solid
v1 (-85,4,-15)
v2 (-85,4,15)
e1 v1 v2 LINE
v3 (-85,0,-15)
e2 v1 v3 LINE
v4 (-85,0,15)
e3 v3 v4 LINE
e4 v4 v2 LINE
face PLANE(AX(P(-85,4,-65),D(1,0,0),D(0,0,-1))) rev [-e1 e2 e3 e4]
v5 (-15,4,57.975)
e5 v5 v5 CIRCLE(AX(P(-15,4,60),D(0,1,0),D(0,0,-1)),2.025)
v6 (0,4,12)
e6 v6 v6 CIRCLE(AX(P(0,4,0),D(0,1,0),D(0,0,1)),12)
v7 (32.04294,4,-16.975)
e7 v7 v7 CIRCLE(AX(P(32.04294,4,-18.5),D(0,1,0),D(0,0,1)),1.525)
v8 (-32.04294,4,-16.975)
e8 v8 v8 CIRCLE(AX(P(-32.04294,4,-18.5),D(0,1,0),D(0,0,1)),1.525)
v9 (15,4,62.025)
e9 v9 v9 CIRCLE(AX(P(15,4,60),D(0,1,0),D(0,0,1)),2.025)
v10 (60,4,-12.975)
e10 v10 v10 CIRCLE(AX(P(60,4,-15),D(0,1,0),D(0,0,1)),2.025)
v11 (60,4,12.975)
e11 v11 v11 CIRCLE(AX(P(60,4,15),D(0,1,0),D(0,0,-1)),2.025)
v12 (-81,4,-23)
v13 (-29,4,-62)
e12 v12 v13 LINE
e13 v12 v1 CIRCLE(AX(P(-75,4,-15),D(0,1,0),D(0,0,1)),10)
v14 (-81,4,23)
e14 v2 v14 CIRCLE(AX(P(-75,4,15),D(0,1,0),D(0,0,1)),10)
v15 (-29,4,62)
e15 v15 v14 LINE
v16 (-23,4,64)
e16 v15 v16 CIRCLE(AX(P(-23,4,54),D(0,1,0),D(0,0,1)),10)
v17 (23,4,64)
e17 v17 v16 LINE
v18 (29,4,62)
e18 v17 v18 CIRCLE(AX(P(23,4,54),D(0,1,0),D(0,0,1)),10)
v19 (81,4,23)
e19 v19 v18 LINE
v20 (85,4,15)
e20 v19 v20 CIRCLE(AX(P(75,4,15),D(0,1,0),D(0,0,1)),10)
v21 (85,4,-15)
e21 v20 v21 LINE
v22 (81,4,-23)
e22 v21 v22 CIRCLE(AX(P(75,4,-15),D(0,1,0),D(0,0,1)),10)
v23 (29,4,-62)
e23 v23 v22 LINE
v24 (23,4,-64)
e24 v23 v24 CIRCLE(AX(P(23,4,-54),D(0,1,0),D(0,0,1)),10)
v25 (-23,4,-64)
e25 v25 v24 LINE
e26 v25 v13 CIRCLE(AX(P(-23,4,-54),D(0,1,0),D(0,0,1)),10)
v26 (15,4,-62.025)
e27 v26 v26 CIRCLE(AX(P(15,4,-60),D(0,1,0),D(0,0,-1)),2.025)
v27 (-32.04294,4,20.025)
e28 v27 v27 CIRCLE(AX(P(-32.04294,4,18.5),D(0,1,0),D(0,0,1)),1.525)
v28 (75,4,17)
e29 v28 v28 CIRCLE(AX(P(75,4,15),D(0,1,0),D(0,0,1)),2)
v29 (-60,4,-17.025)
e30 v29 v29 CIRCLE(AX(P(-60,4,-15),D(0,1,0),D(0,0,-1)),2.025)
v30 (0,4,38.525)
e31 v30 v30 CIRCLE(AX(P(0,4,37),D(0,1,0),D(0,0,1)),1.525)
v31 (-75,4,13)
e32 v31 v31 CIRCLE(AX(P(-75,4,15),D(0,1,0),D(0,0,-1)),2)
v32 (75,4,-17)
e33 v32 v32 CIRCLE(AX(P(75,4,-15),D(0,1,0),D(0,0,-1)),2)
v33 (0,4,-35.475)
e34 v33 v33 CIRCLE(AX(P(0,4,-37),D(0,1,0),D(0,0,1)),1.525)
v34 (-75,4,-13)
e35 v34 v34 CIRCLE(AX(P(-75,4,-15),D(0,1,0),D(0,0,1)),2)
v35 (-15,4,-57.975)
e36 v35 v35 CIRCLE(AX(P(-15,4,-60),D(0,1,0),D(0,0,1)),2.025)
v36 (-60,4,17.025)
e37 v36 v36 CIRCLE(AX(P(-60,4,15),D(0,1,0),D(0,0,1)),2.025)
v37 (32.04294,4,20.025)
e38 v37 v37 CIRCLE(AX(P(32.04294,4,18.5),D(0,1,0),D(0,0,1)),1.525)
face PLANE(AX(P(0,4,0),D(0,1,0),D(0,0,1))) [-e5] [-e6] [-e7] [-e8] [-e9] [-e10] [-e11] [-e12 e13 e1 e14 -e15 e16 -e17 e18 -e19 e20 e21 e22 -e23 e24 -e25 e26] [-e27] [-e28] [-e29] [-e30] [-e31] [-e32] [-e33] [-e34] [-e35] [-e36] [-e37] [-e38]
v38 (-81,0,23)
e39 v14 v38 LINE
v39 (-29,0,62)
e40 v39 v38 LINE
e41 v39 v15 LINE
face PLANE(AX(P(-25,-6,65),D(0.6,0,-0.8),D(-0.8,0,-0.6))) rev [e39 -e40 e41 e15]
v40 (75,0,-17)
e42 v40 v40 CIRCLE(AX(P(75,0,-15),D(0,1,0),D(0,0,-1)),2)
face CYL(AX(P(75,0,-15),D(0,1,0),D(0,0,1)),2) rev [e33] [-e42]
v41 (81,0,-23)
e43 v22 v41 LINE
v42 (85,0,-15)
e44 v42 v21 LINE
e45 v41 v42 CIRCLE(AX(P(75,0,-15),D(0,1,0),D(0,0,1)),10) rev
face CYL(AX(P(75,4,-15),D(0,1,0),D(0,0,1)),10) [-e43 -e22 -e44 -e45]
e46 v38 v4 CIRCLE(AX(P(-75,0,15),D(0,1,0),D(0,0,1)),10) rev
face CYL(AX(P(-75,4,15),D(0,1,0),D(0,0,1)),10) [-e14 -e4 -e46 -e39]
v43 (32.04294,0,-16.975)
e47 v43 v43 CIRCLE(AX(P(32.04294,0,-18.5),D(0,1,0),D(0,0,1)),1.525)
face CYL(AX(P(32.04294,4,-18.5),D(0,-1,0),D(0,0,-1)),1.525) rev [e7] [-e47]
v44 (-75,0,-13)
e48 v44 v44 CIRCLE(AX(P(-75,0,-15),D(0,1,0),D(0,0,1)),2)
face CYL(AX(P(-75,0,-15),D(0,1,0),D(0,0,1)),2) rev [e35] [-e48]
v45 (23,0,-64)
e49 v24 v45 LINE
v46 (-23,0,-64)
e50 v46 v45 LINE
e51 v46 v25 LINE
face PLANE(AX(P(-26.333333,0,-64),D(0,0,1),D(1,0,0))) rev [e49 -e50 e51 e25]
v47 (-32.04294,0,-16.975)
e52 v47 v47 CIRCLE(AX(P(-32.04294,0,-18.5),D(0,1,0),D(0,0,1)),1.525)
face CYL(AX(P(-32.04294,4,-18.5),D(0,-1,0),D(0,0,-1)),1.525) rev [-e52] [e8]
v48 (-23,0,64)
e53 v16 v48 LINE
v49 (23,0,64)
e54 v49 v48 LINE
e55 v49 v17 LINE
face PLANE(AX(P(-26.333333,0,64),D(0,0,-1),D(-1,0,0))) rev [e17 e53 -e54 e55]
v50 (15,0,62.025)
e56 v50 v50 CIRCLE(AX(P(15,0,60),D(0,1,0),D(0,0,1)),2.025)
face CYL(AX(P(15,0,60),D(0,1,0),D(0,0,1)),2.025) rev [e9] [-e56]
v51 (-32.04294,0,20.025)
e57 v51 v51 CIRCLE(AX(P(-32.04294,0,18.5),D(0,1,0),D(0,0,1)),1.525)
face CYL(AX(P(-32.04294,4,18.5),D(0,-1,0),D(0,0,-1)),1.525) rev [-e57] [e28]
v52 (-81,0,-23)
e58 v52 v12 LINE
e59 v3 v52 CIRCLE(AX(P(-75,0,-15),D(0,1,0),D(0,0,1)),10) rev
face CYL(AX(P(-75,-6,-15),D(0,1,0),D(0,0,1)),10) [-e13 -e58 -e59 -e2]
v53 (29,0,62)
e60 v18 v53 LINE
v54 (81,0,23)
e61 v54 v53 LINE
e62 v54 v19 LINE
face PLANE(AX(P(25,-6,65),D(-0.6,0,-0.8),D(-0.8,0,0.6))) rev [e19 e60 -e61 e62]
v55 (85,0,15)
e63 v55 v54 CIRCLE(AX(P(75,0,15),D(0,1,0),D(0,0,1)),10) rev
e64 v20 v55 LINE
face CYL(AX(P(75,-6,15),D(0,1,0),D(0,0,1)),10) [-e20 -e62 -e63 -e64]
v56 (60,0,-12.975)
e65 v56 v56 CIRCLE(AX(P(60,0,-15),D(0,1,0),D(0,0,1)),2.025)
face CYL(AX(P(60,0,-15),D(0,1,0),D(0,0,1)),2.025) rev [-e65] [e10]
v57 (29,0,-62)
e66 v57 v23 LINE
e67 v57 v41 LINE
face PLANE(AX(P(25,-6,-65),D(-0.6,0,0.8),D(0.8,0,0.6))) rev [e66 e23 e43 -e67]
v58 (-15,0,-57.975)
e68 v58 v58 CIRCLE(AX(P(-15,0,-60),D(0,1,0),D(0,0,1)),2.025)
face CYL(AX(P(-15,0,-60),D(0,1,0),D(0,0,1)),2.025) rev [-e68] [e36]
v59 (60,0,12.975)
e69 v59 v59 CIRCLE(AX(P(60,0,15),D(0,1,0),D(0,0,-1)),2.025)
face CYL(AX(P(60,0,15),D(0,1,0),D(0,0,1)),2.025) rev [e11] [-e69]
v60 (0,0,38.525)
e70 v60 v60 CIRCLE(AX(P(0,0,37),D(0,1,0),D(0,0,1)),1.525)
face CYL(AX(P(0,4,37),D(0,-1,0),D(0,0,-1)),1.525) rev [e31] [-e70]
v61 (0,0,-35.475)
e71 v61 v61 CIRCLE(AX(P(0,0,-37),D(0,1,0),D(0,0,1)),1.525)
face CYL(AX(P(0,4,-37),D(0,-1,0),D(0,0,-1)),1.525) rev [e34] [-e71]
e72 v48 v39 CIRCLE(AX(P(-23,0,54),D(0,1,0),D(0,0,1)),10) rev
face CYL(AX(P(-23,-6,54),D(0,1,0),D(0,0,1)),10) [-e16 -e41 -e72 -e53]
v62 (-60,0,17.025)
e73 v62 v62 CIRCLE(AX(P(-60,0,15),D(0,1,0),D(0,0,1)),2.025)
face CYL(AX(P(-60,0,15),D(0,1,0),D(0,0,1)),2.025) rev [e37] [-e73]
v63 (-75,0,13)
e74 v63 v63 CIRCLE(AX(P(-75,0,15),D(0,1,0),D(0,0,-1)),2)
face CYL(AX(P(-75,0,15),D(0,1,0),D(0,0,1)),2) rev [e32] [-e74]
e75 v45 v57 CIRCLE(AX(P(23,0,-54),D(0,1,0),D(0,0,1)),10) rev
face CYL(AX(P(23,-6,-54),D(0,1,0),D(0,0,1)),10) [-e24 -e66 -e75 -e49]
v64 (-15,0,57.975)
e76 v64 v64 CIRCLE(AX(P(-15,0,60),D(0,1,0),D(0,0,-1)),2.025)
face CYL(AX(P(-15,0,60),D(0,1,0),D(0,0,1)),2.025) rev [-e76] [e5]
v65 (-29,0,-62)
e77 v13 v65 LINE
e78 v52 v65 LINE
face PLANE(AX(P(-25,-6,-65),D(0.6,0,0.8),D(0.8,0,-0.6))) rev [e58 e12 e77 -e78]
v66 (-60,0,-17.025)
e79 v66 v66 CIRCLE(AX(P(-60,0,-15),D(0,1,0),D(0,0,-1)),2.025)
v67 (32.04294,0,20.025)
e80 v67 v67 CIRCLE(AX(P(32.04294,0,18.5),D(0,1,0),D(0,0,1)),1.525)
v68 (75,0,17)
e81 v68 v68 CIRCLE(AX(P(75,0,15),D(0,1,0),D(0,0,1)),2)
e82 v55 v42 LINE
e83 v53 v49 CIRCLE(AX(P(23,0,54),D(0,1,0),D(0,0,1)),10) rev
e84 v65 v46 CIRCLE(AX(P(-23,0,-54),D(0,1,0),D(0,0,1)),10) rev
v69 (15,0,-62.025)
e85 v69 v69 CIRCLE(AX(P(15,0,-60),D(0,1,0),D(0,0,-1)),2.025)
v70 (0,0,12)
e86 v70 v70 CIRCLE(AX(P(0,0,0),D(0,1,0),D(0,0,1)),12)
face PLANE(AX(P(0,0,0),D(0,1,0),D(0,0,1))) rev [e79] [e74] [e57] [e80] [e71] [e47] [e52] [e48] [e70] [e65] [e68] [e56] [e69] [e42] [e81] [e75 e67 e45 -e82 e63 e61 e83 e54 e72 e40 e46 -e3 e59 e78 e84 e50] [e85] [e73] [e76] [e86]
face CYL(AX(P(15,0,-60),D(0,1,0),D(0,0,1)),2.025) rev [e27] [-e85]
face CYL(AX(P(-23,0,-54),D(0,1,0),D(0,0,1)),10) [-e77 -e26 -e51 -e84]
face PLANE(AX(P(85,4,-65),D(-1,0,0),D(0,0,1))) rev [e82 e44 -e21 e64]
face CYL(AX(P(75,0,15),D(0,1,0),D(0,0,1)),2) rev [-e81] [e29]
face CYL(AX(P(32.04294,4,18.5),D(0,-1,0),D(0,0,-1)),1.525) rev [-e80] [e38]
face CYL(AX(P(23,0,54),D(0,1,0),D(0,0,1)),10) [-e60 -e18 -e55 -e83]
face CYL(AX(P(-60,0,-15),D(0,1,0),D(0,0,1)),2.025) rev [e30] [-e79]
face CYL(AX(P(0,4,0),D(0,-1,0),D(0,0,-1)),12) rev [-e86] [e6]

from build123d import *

# Parameters (mm, degrees)
SKETCH_1_W          = 170
SKETCH_1_H          = 130
SKETCH_1_R          = 1.525
SKETCH_1_R_2        = 12
EXTRUDE_1_DEPTH     = 4
SKETCH_2_R          = 2.025
SKETCH_2_R_2        = 2
SKETCH_2_W          = 20
SKETCH_2_H          = 20
CUT_EXTRUDE_1_DEPTH = 4
CUT_EXTRUDE_2_DEPTH = 10
SKETCH_4_W          = 52.666666666
SKETCH_4_H          = 5
CUT_EXTRUDE_3_DEPTH = 108.079409785
FILLET_1_R          = 10


with BuildPart() as part:
    # 草图1 → 凸台-拉伸1 (new body)
    with BuildSketch(Plane(origin=(0, 0, 0), x_dir=(1, 0, 0), z_dir=(0, 1, 0))):
        Rectangle(SKETCH_1_W, SKETCH_1_H)
        with Locations(Location((0, -37, 0), (0, 0, 270))):
            Circle(SKETCH_1_R, mode=Mode.SUBTRACT)
        with Locations(Location((-32.04293994, -18.5, 0), (0, 0, 270))):
            Circle(SKETCH_1_R, mode=Mode.SUBTRACT)
        with Locations(Location((-32.04293994, 18.5, 0), (0, 0, 270))):
            Circle(SKETCH_1_R, mode=Mode.SUBTRACT)
        with Locations(Location((0, 37, 0), (0, 0, 270))):
            Circle(SKETCH_1_R, mode=Mode.SUBTRACT)
        with Locations(Location((32.04293994, 18.5, 0), (0, 0, 270))):
            Circle(SKETCH_1_R, mode=Mode.SUBTRACT)
        with Locations(Location((32.04293994, -18.5, 0), (0, 0, 270))):
            Circle(SKETCH_1_R, mode=Mode.SUBTRACT)
        with Locations(Location((0, 0, 0), (0, 0, 270))):
            Circle(SKETCH_1_R_2, mode=Mode.SUBTRACT)
    extrude(amount=EXTRUDE_1_DEPTH)

    # 草图2 → 切除-拉伸1 (cut)
    with BuildSketch(Plane(origin=(0, 4, 0), x_dir=(1, 0, 0), z_dir=(0, 1, 0))):
        with Locations(Location((-15, 60, 0), (0, 0, 270))):
            Circle(SKETCH_2_R)
        with Locations(Location((-75, 15, 0), (0, 0, 270))):
            Circle(SKETCH_2_R_2)
        with Locations(Location((75, 15, 0), (0, 0, 90))):
            Circle(SKETCH_2_R_2)
        with Locations(Location((15, 60, 0), (0, 0, 90))):
            Circle(SKETCH_2_R)
        with Locations(Location((75, -15, 0), (0, 0, 270))):
            Circle(SKETCH_2_R_2)
        with Locations(Location((-75, -15, 0), (0, 0, 90))):
            Circle(SKETCH_2_R_2)
        with Locations(Location((60, 15, 0), (0, 0, 270))):
            Circle(SKETCH_2_R)
        with Locations(Location((60, -15, 0), (0, 0, 90))):
            Circle(SKETCH_2_R)
        with Locations(Location((15, -60, 0), (0, 0, 270))):
            Circle(SKETCH_2_R)
        with Locations(Location((-15, -60, 0), (0, 0, 90))):
            Circle(SKETCH_2_R)
        with Locations(Location((-60, -15, 0), (0, 0, 270))):
            Circle(SKETCH_2_R)
        with Locations(Location((-60, 15, 0), (0, 0, 90))):
            Circle(SKETCH_2_R)
        with Locations((-75, 55)):
            Rectangle(SKETCH_2_W, SKETCH_2_H)
        with Locations((75, 55)):
            Rectangle(SKETCH_2_W, SKETCH_2_H)
        with Locations((75, -55)):
            Rectangle(SKETCH_2_W, SKETCH_2_H)
        with Locations((-75, -55)):
            Rectangle(SKETCH_2_W, SKETCH_2_H)
    extrude(amount=-CUT_EXTRUDE_1_DEPTH, mode=Mode.SUBTRACT)

    # 草图3 → 切除-拉伸2 (cut)
    with BuildSketch(Plane(origin=(0, 4, 0), x_dir=(1, 0, 0), z_dir=(0, 1, 0))):
        Polygon((-85, 20), (-85, 65), (-25, 65), align=None)
        Polygon((-85, -65), (-25, -65), (-85, -20), align=None)
        Polygon((85, -20), (85, -65), (25, -65), align=None)
        Polygon((85, 65), (25, 65), (85, 20), align=None)
    extrude(amount=-CUT_EXTRUDE_2_DEPTH, mode=Mode.SUBTRACT)

    # 草图4 → 切除-拉伸3 (cut, through all)
    with BuildSketch(Plane(origin=(0, 4, 0), x_dir=(1, 0, 0), z_dir=(0, 1, 0))):
        with Locations((0, 66.5)):
            Rectangle(SKETCH_4_W, SKETCH_4_H)
        with Locations((0, -66.5)):
            Rectangle(SKETCH_4_W, SKETCH_4_H)
    extrude(amount=-CUT_EXTRUDE_3_DEPTH, mode=Mode.SUBTRACT)

    # 圆角1
    fillet_1_edges = [part.edges().sort_by_distance(p)[0] for p in [
        (85, 2, -20),
        (85, 2, 20),
        (-85, 2, 20),
        (-85, 2, -20),
        (-26.333333333, 2, -64),
        (26.333333333, 2, -64),
        (-26.333333333, 2, 64),
        (26.333333333, 2, 64),
    ]]
    fillet(fillet_1_edges, radius=FILLET_1_R)


solid = part.part
